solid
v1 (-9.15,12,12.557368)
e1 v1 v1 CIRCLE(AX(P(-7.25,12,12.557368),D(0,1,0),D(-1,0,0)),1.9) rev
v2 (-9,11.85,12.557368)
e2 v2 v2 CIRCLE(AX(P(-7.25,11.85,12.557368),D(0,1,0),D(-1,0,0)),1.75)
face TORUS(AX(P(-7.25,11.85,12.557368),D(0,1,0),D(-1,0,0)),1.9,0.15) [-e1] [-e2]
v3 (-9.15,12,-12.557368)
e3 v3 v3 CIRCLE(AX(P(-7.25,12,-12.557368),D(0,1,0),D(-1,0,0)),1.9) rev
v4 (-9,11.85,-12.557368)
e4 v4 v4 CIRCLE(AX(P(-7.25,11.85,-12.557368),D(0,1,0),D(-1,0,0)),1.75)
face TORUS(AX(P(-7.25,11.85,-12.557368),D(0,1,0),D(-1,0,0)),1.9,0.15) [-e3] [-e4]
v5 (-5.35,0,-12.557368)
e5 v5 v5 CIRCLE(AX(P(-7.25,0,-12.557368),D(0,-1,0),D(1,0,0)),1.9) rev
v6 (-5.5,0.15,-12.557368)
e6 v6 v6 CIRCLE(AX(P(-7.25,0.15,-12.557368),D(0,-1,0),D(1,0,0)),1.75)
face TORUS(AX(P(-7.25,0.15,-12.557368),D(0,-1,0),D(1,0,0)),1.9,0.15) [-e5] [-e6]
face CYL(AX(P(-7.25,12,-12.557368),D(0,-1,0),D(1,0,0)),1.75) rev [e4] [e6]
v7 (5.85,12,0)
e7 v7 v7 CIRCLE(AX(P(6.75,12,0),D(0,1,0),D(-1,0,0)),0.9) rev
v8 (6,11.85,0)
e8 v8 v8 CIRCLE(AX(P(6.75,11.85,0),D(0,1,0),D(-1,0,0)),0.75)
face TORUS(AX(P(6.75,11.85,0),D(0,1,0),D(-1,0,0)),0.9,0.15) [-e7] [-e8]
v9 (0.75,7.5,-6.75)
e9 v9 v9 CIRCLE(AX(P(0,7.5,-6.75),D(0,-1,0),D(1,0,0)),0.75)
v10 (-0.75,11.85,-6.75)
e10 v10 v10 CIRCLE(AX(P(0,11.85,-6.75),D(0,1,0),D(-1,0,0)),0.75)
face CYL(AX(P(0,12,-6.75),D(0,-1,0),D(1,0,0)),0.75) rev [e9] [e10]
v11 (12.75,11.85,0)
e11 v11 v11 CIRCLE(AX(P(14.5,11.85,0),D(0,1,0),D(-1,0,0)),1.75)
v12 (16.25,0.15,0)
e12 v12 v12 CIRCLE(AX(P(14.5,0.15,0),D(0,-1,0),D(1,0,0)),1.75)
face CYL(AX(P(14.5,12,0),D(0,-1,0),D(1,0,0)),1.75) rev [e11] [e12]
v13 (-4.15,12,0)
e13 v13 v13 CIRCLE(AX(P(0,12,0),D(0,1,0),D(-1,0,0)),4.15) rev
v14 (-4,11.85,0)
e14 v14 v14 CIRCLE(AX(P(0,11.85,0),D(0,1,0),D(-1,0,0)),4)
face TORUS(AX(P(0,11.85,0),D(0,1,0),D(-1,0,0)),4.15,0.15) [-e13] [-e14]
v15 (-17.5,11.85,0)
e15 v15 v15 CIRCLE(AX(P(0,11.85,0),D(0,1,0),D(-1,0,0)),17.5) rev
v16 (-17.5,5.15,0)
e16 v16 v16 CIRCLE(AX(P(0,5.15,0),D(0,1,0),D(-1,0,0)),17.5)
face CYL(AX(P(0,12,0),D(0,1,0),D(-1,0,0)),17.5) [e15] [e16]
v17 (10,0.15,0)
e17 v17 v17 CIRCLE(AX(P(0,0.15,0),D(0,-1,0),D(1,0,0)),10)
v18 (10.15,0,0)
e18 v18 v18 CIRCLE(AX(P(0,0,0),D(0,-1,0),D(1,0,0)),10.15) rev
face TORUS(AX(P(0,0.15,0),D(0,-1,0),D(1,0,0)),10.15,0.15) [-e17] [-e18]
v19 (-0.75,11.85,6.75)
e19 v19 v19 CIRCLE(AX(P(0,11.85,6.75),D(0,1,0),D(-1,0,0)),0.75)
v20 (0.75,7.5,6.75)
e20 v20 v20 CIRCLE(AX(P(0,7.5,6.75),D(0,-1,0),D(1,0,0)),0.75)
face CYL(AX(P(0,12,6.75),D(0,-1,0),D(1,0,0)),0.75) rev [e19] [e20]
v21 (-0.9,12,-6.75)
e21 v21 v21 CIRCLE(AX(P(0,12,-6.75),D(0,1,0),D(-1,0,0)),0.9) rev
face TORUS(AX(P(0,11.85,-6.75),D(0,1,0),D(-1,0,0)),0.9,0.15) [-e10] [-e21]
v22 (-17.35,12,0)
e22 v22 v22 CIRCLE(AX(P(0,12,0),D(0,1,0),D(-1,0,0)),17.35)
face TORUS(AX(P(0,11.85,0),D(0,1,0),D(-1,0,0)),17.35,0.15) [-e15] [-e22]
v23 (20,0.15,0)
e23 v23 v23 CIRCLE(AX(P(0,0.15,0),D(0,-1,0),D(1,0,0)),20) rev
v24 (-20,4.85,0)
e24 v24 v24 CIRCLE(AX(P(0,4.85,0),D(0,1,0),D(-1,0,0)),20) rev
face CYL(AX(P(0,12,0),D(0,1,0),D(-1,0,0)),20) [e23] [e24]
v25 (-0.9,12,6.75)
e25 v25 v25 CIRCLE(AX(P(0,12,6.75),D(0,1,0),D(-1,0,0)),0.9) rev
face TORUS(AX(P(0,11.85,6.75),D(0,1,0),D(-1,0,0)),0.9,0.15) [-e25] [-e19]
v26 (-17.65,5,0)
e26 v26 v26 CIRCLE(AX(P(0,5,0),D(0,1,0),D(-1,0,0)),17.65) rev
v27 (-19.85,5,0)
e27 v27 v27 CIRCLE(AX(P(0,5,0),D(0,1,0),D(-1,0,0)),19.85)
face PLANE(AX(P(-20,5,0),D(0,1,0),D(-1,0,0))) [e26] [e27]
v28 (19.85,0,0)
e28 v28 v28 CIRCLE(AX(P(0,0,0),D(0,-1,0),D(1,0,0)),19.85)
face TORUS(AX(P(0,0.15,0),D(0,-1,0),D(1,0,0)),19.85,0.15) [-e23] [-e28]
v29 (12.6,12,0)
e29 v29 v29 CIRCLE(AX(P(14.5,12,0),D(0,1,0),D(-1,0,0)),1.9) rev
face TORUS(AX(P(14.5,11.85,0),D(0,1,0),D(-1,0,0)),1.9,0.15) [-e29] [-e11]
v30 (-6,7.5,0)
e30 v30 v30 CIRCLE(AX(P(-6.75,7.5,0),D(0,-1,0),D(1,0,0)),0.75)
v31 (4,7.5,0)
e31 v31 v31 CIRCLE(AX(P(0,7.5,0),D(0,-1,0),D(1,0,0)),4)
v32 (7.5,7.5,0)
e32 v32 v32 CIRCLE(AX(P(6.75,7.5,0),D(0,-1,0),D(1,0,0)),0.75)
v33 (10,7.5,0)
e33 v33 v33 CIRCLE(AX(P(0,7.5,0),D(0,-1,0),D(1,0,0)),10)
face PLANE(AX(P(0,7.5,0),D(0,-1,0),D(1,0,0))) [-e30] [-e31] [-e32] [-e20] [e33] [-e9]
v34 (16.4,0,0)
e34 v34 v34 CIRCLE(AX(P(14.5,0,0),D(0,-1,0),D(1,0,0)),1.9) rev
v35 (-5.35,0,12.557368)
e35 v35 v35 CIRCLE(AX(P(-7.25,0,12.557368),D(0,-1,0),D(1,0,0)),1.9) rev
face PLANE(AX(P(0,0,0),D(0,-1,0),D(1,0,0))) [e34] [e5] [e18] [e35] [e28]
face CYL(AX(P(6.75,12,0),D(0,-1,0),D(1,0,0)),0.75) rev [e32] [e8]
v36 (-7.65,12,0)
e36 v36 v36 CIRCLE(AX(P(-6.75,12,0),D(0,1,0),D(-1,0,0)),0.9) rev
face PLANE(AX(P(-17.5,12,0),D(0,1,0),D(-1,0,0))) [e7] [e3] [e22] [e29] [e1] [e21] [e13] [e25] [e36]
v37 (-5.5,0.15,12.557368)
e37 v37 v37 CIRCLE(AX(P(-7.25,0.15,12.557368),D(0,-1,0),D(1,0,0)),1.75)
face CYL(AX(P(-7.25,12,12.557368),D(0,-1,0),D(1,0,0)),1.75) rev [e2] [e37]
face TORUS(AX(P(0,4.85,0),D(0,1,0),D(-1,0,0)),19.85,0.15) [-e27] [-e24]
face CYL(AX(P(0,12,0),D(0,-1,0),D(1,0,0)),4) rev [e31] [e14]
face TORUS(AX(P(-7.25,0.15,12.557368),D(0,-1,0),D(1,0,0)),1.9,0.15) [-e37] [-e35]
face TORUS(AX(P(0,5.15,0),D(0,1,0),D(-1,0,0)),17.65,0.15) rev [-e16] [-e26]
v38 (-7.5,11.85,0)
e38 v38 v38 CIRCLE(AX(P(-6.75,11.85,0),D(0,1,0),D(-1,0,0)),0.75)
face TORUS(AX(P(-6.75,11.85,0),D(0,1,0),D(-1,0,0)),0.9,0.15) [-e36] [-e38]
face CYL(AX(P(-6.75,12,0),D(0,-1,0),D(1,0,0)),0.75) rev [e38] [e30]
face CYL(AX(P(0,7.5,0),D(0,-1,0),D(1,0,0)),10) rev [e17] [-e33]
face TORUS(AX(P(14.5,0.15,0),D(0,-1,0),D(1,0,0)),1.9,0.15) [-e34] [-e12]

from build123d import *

# Parameters (mm, degrees)
SKETCH_2_R          = 1.75
SKETCH_2_R_2        = 4
SKETCH_2_R_3        = 0.75
CUT_EXTRUDE_1_DEPTH = 31.724582991
SKETCH_2_3_R        = 10
SKETCH_2_3_R_2      = 4
SKETCH_2_3_R_3      = 0.75
SKETCH_2_3_R_4      = 1.75
CUT_EXTRUDE_2_DEPTH = 7.5
FILLET_1_R          = 0.15


with BuildPart() as part:
    # 草图1 → 旋转1 (revolve)
    with BuildSketch(Plane.XY):
        Polygon((0, 0), (-20, 0), (-20, 5), (-17.5, 5), (-17.5, 12), (0, 12), align=None)
    revolve(axis=Axis((0, 12, 0), (0, -1, 0)))

    # 草图2 → 切除-拉伸1 (cut, through all)
    with BuildSketch(Plane.XZ):
        with Locations((14.5, 0)):
            Circle(SKETCH_2_R)
        with Locations((-7.25, -12.557368355)):
            Circle(SKETCH_2_R)
        with Locations((-7.25, 12.557368355)):
            Circle(SKETCH_2_R)
        Circle(SKETCH_2_R_2)
        with Locations((6.75, 0)):
            Circle(SKETCH_2_R_3)
        with Locations((0, -6.75)):
            Circle(SKETCH_2_R_3)
        with Locations((-6.75, 0)):
            Circle(SKETCH_2_R_3)
        with Locations((0, 6.75)):
            Circle(SKETCH_2_R_3)
    extrude(amount=-CUT_EXTRUDE_1_DEPTH, mode=Mode.SUBTRACT)

    # 草图2<3> → 切除-拉伸2 (cut)
    # profile 1 of 4: a face of its own
    with BuildSketch(Plane.XZ):
        Circle(SKETCH_2_3_R)
        Circle(SKETCH_2_3_R_2, mode=Mode.SUBTRACT)
        with Locations((6.75, 0)):
            Circle(SKETCH_2_3_R_3, mode=Mode.SUBTRACT)
        with Locations((0, -6.75)):
            Circle(SKETCH_2_3_R_3, mode=Mode.SUBTRACT)
        with Locations((-6.75, 0)):
            Circle(SKETCH_2_3_R_3, mode=Mode.SUBTRACT)
        with Locations((0, 6.75)):
            Circle(SKETCH_2_3_R_3, mode=Mode.SUBTRACT)
    # profile 2 of 4: a face of its own
    with BuildSketch(Plane.XZ):
        with Locations((14.5, 0)):
            Circle(SKETCH_2_3_R_4)
    # profile 3 of 4: a face of its own
    with BuildSketch(Plane.XZ):
        with Locations((-7.25, -12.557368355)):
            Circle(SKETCH_2_3_R_4)
    # profile 4 of 4: a face of its own
    with BuildSketch(Plane.XZ):
        with Locations((-7.25, 12.557368355)):
            Circle(SKETCH_2_3_R_4)
    extrude(amount=-CUT_EXTRUDE_2_DEPTH, mode=Mode.SUBTRACT)

    # 圆角1
    fillet_1_edges = [part.edges().sort_by_distance(p)[0] for p in [
        (20, 0, 0),
        (-9, 0, 12.557368355),
        (12.75, 0, 0),
        (-9, 0, -12.557368355),
        (-10, 0, 0),
        (17.5, 5, 0),
        (20, 5, 0),
        (17.5, 12, 0),
        (-4, 12, 0),
        (-9, 12, 12.557368355),
        (12.75, 12, 0),
        (-0.75, 12, 6.75),
        (-7.5, 12, 0),
        (6, 12, 0),
        (-0.75, 12, -6.75),
        (-9, 12, -12.557368355),
    ]]
    fillet(fillet_1_edges, radius=FILLET_1_R)


solid = part.part
